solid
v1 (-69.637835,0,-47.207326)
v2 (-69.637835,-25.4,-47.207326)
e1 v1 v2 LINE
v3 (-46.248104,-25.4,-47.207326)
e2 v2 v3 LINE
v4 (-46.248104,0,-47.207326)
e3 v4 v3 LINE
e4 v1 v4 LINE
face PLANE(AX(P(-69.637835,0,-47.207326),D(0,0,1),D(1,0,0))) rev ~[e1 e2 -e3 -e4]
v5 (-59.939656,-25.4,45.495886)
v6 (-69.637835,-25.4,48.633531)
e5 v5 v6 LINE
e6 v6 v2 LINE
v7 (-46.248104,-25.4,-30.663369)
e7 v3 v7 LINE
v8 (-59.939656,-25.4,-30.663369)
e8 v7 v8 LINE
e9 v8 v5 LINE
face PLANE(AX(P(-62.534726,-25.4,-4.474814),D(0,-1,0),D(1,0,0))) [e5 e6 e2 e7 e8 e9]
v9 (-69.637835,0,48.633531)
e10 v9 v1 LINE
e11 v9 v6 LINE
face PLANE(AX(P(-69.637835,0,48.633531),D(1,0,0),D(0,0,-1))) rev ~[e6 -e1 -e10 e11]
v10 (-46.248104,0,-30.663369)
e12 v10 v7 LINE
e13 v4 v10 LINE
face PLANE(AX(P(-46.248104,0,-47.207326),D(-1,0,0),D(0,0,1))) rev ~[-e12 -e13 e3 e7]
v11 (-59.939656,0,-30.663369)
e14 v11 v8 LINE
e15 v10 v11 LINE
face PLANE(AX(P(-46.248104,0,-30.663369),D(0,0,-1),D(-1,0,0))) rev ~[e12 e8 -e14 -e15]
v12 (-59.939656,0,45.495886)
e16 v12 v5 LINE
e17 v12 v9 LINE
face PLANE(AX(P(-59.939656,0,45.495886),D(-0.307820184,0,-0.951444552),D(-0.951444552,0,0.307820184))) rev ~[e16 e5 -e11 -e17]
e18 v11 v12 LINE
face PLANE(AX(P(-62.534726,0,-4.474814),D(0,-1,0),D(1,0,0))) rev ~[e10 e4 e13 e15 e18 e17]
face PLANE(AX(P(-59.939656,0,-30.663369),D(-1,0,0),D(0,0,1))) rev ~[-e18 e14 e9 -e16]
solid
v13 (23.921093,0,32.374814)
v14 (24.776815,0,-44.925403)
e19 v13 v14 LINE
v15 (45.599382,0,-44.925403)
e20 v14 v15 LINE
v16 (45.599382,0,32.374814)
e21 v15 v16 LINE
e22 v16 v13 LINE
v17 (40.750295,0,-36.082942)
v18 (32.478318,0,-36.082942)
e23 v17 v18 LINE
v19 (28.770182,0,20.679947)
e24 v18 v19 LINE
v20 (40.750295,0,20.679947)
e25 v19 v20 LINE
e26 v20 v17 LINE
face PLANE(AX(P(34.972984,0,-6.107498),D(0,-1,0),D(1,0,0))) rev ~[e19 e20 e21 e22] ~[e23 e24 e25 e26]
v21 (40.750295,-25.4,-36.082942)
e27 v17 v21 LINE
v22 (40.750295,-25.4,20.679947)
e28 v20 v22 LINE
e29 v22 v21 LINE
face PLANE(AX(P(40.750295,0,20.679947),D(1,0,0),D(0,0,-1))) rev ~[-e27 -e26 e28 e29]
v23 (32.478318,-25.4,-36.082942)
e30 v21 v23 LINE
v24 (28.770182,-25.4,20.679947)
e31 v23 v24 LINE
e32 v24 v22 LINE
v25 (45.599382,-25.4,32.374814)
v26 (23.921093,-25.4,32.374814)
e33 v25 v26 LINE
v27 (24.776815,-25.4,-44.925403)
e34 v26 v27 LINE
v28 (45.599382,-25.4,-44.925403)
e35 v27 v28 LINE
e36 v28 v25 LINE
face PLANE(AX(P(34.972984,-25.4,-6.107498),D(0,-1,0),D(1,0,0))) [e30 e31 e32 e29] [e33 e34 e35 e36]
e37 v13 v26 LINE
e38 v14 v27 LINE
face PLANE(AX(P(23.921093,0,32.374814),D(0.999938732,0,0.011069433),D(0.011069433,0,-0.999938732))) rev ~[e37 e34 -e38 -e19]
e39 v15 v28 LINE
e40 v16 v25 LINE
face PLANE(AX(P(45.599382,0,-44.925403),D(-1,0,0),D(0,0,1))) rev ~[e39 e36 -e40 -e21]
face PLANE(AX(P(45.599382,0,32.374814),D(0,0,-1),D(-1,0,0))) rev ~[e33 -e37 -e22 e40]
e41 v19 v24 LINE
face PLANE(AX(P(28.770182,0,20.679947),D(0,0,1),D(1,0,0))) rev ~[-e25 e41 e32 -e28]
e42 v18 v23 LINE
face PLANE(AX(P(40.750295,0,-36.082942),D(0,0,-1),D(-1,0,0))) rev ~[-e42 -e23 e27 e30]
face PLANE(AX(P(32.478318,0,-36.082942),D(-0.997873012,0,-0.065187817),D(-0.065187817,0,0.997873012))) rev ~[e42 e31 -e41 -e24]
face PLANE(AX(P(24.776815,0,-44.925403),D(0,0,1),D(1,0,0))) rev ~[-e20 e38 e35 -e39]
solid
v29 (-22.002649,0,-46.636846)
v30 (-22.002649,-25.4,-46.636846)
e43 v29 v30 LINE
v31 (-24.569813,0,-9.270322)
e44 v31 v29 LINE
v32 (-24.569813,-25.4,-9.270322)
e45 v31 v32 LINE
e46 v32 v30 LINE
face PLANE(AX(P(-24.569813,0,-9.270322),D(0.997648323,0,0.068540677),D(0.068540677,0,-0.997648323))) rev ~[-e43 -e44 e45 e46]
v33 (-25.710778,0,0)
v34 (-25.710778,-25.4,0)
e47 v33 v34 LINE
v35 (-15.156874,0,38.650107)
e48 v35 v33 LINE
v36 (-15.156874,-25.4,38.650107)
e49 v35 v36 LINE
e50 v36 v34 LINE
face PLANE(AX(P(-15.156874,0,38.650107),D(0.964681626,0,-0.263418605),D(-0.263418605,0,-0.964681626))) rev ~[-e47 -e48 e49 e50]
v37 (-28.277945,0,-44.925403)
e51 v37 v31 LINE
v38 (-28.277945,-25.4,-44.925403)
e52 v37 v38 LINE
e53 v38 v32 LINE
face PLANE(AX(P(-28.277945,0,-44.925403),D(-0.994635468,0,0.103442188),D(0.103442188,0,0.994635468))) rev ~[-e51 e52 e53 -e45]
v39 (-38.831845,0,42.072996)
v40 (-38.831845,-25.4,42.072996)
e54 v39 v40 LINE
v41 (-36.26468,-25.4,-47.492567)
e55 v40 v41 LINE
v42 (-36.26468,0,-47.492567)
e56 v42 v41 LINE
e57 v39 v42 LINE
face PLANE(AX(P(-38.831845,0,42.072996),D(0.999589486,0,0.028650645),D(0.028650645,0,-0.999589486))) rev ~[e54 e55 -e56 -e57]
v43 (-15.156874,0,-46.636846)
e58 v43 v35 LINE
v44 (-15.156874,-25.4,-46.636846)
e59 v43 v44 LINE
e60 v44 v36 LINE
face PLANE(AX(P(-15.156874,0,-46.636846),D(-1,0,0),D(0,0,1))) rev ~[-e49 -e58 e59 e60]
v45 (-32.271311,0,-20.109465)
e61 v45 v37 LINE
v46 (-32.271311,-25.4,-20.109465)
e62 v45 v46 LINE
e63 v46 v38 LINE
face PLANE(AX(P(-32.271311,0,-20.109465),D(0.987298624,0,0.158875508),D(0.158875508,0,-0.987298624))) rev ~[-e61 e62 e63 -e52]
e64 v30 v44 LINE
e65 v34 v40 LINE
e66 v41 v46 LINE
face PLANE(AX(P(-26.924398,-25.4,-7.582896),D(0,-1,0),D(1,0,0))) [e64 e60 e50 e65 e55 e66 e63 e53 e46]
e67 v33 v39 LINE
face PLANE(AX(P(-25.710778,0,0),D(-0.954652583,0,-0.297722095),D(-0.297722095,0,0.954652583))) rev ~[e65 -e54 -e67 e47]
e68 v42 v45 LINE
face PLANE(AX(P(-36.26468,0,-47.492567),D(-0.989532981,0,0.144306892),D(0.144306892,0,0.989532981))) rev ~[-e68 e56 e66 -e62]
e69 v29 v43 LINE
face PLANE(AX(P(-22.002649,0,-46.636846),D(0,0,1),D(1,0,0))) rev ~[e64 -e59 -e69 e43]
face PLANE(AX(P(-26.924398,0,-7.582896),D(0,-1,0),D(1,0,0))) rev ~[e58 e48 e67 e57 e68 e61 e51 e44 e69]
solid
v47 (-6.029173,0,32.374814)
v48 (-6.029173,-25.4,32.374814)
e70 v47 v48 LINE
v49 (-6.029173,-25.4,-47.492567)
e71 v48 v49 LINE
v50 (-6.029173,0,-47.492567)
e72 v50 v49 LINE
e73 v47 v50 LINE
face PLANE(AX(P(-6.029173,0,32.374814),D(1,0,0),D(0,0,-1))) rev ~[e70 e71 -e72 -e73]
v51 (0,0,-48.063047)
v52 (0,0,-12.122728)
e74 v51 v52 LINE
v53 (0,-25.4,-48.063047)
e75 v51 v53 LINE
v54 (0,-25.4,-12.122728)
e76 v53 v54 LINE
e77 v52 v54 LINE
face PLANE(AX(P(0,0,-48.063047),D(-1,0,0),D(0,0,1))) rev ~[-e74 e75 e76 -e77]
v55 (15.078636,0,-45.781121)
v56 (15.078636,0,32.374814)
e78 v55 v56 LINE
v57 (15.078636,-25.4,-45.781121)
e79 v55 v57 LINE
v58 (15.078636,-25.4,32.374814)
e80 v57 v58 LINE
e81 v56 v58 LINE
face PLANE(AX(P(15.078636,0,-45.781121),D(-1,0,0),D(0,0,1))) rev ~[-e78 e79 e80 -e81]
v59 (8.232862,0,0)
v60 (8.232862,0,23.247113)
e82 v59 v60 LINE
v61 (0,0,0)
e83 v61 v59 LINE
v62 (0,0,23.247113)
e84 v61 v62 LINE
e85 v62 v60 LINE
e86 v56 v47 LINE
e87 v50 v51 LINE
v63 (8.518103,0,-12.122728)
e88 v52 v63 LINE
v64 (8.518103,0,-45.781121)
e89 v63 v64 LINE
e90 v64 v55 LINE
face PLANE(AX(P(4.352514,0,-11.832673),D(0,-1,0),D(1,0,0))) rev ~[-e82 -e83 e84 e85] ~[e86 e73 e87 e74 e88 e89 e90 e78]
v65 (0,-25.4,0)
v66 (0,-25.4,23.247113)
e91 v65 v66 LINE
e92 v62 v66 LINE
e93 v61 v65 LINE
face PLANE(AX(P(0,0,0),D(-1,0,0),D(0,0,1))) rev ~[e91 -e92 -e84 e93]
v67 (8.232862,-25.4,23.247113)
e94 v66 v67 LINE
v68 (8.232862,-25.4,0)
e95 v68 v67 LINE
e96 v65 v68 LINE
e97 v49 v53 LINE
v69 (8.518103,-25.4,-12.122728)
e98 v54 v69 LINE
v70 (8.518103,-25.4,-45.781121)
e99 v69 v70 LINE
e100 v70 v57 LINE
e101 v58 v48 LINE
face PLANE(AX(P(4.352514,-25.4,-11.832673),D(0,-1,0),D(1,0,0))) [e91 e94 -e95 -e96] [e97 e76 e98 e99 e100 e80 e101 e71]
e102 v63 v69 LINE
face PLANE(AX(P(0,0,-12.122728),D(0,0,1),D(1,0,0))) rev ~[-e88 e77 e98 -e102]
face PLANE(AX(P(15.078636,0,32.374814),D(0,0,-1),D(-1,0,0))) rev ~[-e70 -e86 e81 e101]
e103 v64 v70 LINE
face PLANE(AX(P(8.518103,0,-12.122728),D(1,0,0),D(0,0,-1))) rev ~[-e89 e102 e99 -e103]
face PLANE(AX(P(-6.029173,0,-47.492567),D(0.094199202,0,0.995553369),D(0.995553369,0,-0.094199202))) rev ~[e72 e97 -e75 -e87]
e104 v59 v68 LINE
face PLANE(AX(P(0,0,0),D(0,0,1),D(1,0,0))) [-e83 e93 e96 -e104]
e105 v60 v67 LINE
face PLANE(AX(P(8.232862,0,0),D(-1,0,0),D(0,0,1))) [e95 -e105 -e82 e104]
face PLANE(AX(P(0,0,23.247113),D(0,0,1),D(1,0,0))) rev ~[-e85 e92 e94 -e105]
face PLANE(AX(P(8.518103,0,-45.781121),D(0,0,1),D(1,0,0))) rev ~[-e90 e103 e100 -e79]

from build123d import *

# Parameters (mm, degrees)
F0_W     = 8.232862
F0_H     = 23.247113
F1_DEPTH = 25.4


with BuildPart() as f1:
    # F0 (on Front) → F1 (new body)
    with BuildSketch(Plane.XZ):
        Polygon((-59.939656, 45.495886), (-69.637835, 48.633531), (-69.637835, -47.207326), (-46.248104, -47.207326), (-46.248104, -30.663369), (-59.939656, -30.663369), align=None)
        Polygon((-38.831845, 42.072996), (-36.26468, -47.492567), (-32.271311, -20.109465), (-28.277945, -44.925403), (-24.569813, -9.270322), (-22.002649, -46.636846), (-15.156874, -46.636846), (-15.156874, 38.650107), (-25.710778, 0), align=None)
        Polygon((15.078636, 32.374814), (-6.029173, 32.374814), (-6.029173, -47.492567), (0, -48.063047), (0, -12.122728), (8.518103, -12.122728), (8.518103, -45.781121), (15.078636, -45.781121), align=None)
        with Locations((4.116431, 11.623556)):
            Rectangle(F0_W, F0_H, mode=Mode.SUBTRACT)
        Polygon((45.599382, 32.374814), (23.921093, 32.374814), (24.776815, -44.925403), (45.599382, -44.925403), align=None)
        Polygon((32.478318, -36.082942), (28.770182, 20.679947), (40.750295, 20.679947), (40.750295, -36.082942), align=None, mode=Mode.SUBTRACT)
    extrude(amount=F1_DEPTH)


solid = f1.part
